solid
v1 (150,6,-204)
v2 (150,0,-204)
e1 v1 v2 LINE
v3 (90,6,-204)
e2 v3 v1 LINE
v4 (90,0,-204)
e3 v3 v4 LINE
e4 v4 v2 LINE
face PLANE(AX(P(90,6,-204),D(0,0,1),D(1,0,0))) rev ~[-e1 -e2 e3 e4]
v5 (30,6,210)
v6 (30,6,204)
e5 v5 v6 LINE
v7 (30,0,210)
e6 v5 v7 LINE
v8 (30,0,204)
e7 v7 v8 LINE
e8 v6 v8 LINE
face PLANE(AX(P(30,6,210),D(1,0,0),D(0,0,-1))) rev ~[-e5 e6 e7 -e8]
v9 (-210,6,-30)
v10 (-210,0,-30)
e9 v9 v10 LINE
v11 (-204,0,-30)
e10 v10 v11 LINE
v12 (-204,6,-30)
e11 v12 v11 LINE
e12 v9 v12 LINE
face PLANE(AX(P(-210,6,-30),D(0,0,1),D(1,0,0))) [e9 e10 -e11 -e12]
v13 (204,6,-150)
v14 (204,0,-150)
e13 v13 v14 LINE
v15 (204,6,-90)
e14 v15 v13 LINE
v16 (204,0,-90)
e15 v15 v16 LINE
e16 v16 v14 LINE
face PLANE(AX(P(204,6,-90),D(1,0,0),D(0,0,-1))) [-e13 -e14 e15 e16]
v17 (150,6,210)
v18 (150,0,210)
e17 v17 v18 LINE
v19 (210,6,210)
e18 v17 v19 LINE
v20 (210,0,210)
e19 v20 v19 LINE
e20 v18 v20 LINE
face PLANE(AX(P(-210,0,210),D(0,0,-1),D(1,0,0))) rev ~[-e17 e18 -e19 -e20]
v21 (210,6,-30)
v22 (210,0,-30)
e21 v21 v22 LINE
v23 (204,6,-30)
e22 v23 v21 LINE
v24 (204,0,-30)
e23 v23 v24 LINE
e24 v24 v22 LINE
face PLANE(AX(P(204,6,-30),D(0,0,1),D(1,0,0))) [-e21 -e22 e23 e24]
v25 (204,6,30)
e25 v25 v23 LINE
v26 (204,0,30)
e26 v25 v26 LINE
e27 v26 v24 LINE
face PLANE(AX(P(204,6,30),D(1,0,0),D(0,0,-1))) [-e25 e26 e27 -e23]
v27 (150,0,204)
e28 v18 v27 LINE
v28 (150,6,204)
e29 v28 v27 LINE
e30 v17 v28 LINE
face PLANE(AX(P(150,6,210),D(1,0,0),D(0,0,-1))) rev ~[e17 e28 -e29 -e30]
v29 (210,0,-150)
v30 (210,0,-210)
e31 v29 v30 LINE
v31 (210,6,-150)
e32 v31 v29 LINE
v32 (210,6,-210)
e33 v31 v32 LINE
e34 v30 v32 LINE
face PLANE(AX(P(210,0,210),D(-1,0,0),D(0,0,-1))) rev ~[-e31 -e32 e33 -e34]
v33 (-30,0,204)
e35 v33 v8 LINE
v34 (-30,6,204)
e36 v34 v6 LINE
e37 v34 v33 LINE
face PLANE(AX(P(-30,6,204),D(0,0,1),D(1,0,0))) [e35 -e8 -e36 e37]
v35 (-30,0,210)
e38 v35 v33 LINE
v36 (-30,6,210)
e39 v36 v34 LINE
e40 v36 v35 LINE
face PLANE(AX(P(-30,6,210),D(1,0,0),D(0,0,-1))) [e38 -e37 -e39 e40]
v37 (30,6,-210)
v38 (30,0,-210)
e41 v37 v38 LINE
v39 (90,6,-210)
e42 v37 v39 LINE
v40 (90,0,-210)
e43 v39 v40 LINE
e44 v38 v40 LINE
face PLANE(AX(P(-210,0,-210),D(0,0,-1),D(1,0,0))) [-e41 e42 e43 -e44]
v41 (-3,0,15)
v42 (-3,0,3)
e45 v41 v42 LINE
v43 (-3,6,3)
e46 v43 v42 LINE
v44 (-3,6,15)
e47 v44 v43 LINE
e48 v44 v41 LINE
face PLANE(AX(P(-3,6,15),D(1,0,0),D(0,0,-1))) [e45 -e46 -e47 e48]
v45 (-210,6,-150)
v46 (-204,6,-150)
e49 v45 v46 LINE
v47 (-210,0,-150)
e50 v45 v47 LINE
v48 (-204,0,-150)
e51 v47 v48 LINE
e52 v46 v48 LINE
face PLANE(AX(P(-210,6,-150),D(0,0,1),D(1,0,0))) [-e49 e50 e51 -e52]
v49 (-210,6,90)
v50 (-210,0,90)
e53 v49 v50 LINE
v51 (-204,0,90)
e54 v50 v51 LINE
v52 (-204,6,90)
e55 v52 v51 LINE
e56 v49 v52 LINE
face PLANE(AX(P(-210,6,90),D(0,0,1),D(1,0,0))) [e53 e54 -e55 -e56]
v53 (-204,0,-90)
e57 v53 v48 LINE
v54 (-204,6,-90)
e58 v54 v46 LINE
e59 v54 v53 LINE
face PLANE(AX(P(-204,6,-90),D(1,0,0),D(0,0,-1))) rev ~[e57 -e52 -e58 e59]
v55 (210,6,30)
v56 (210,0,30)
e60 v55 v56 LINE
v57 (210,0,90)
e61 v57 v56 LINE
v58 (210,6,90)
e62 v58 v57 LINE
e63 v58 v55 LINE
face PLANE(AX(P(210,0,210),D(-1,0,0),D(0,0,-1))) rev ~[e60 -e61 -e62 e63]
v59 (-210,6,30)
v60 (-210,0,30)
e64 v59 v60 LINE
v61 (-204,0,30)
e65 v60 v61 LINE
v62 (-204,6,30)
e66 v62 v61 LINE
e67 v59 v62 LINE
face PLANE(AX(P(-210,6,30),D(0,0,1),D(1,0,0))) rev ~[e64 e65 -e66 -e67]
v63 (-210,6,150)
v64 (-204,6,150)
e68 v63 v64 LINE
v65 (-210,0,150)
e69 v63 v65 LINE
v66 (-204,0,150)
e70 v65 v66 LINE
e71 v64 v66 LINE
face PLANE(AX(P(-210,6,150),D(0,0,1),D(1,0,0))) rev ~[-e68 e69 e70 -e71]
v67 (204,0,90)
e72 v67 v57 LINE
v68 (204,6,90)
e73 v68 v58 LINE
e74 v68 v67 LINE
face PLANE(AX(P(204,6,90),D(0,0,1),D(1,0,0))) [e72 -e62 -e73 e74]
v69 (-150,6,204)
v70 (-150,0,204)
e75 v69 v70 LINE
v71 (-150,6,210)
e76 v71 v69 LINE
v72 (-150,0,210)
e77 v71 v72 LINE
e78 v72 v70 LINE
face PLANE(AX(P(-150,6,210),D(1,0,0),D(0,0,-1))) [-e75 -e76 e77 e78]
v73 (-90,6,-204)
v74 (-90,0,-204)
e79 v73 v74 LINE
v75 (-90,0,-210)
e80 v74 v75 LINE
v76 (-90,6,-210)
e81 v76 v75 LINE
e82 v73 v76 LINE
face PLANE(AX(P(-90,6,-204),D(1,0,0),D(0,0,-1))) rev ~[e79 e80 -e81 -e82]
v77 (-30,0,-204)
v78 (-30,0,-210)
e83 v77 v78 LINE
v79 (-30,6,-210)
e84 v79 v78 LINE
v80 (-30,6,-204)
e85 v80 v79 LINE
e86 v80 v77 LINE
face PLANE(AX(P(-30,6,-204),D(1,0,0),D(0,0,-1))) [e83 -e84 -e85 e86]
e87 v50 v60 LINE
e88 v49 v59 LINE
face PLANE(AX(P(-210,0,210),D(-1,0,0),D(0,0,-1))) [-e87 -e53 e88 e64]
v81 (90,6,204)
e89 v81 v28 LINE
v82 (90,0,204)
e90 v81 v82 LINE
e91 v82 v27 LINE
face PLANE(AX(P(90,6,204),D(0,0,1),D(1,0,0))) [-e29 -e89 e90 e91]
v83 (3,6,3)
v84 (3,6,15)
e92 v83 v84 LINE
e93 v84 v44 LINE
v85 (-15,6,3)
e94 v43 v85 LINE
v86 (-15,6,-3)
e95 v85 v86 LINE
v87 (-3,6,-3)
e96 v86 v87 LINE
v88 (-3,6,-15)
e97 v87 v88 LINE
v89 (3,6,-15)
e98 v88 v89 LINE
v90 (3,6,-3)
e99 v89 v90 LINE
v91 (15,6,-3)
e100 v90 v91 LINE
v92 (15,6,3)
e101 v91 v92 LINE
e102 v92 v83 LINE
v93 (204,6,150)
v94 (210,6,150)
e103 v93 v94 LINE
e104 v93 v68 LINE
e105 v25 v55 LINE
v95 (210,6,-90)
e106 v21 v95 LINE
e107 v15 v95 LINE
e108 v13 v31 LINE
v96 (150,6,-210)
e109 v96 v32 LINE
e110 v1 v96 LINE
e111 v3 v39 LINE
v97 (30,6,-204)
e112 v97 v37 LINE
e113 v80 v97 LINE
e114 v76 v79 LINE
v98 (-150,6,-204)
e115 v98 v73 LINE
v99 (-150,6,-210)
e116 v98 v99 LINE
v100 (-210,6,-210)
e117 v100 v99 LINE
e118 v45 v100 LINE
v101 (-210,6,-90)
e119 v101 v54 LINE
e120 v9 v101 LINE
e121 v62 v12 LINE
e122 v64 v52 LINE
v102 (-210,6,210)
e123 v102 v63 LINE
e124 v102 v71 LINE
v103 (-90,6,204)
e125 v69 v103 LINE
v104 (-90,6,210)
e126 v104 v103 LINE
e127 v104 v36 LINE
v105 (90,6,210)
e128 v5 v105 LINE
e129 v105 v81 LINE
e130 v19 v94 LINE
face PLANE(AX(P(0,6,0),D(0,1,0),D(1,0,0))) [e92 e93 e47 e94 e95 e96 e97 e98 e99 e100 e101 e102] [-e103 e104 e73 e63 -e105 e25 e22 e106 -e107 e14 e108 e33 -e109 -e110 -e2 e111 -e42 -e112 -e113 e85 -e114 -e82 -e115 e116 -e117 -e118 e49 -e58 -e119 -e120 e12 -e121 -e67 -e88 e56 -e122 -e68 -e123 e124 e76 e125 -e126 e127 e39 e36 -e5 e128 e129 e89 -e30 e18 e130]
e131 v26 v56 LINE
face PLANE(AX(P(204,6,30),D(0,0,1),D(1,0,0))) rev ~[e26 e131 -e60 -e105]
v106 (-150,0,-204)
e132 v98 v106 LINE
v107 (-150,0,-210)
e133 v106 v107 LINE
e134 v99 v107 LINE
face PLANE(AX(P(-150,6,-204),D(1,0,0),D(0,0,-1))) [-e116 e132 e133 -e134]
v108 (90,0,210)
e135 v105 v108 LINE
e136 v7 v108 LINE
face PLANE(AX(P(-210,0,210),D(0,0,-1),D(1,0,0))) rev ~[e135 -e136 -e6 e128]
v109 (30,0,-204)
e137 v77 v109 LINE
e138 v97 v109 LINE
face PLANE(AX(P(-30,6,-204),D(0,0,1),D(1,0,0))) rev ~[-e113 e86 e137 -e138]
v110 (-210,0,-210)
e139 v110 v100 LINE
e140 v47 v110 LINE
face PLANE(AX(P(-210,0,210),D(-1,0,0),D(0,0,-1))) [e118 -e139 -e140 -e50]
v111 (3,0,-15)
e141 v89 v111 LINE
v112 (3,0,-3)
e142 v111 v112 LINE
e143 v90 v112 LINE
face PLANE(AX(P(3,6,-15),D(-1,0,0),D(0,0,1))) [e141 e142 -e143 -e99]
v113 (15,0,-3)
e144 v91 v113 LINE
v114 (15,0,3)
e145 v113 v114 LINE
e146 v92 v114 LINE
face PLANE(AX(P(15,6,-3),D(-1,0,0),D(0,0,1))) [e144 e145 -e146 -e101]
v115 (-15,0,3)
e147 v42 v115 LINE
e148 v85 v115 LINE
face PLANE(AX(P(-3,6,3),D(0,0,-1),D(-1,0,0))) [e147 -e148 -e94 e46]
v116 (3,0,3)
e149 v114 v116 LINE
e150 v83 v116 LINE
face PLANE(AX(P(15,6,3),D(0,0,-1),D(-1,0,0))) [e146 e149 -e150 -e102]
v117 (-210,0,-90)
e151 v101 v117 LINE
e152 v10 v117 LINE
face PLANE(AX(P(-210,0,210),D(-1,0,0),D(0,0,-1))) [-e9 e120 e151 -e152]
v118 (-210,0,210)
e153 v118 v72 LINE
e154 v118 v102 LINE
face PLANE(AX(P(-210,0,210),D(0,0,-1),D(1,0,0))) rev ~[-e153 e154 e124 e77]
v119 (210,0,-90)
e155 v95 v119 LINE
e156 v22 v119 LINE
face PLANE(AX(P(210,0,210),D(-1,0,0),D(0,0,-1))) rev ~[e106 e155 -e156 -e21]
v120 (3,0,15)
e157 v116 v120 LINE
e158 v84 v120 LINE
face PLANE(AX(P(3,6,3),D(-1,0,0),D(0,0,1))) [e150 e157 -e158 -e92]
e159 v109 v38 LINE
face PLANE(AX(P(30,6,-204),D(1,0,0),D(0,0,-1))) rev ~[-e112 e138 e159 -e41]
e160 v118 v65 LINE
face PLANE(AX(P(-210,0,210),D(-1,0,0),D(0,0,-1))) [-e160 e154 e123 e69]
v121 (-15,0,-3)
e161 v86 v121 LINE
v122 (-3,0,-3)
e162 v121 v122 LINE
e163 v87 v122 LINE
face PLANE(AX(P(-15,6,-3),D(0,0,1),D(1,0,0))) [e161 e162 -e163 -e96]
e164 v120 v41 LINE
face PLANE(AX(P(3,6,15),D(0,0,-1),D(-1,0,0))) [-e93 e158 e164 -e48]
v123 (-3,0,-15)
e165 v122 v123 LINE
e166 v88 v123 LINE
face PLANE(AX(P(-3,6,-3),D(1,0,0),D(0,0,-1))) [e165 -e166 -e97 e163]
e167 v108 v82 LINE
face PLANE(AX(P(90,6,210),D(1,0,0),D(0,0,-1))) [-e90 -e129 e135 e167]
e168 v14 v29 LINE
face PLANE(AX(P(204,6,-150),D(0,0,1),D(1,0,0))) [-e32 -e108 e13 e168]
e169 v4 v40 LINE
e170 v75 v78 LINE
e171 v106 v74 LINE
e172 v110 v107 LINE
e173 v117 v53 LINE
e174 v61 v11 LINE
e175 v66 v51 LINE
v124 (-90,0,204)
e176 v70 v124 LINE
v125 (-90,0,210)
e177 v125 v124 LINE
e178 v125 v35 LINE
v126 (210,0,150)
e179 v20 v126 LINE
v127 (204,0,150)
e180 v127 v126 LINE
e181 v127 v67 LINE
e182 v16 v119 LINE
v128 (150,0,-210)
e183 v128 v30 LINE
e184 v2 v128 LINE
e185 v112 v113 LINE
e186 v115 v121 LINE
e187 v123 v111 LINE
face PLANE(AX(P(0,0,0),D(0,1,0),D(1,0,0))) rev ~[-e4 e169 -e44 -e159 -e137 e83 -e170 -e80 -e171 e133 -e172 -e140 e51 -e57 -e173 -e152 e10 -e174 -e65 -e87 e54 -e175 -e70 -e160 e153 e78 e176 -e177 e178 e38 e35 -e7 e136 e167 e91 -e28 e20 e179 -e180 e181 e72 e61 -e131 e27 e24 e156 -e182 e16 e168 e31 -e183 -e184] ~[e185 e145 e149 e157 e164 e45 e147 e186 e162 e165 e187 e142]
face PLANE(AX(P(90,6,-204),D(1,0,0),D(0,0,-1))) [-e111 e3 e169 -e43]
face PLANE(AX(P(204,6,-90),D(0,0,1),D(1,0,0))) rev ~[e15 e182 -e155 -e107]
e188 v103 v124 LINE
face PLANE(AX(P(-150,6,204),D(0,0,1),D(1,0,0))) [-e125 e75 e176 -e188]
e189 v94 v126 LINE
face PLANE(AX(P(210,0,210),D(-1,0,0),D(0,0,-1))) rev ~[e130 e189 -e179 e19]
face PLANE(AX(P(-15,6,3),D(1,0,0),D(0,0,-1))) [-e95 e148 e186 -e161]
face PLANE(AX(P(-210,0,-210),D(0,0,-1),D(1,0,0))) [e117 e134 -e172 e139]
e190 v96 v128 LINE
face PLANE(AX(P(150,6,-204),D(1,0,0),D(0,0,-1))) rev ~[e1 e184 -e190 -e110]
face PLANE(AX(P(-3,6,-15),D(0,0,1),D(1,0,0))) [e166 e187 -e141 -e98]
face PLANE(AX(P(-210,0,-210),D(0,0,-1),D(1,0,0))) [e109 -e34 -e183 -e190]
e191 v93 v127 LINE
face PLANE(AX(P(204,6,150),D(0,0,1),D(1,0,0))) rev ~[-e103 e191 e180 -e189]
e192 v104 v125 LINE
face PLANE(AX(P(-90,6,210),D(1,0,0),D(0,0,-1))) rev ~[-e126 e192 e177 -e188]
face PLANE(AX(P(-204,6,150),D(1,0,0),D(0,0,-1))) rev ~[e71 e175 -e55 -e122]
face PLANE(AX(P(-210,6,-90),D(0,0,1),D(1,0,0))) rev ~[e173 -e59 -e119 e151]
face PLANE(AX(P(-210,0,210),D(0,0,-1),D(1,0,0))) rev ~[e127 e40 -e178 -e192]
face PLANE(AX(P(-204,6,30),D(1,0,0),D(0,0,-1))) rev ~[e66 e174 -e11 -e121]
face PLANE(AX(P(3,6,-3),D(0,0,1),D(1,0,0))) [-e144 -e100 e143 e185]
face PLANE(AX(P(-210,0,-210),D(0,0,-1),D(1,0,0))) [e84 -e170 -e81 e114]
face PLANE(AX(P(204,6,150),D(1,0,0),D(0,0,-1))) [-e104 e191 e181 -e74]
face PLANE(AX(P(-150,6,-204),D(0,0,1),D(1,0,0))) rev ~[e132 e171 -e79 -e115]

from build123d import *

# Parameters (mm, degrees)
SKETCH1_W           = 420
SKETCH1_H           = 420
BOSS_EXTRUDE1_DEPTH = 6
SKETCH3_W           = 6
SKETCH3_H           = 60
SKETCH3_W_2         = 60
SKETCH3_H_2         = 6
CUT_EXTRUDE2_DEPTH  = 7
CUT_EXTRUDE3_DEPTH  = 7


with BuildPart() as part:
    # Sketch1 → Boss-Extrude1 (new body)
    with BuildSketch(Plane(origin=(0, 0, 0), x_dir=(1, 0, 0), z_dir=(0, 1, 0))):
        Rectangle(SKETCH1_W, SKETCH1_H)
    extrude(amount=BOSS_EXTRUDE1_DEPTH)

    # Sketch3 → Cut-Extrude2 (cut, through all)
    with BuildSketch(Plane(origin=(0, 6, 0), x_dir=(1, 0, 0), z_dir=(0, 1, 0))):
        with Locations((-207, 120)):
            Rectangle(SKETCH3_W, SKETCH3_H)
        with Locations((-207, 0)):
            Rectangle(SKETCH3_W, SKETCH3_H)
        with Locations((-207, -120)):
            Rectangle(SKETCH3_W, SKETCH3_H)
        with Locations((120, 207)):
            Rectangle(SKETCH3_W_2, SKETCH3_H_2)
        with Locations((0, 207)):
            Rectangle(SKETCH3_W_2, SKETCH3_H_2)
        with Locations((-120, 207)):
            Rectangle(SKETCH3_W_2, SKETCH3_H_2)
        with Locations((207, -120)):
            Rectangle(SKETCH3_W, SKETCH3_H)
        with Locations((207, 0)):
            Rectangle(SKETCH3_W, SKETCH3_H)
        with Locations((207, 120)):
            Rectangle(SKETCH3_W, SKETCH3_H)
        with Locations((-120, -207)):
            Rectangle(SKETCH3_W_2, SKETCH3_H_2)
        with Locations((0, -207)):
            Rectangle(SKETCH3_W_2, SKETCH3_H_2)
        with Locations((120, -207)):
            Rectangle(SKETCH3_W_2, SKETCH3_H_2)
    extrude(amount=-CUT_EXTRUDE2_DEPTH, mode=Mode.SUBTRACT)

    # Sketch5 → Cut-Extrude3 (cut, through all)
    with BuildSketch(Plane(origin=(0, 6, 0), x_dir=(1, 0, 0), z_dir=(0, 1, 0))):
        Polygon((3, 3), (15, 3), (15, -3), (3, -3), (3, -15), (-3, -15), (-3, -3), (-15, -3), (-15, 3), (-3, 3), (-3, 15), (3, 15), align=None)
    extrude(amount=-CUT_EXTRUDE3_DEPTH, mode=Mode.SUBTRACT)


solid = part.part
